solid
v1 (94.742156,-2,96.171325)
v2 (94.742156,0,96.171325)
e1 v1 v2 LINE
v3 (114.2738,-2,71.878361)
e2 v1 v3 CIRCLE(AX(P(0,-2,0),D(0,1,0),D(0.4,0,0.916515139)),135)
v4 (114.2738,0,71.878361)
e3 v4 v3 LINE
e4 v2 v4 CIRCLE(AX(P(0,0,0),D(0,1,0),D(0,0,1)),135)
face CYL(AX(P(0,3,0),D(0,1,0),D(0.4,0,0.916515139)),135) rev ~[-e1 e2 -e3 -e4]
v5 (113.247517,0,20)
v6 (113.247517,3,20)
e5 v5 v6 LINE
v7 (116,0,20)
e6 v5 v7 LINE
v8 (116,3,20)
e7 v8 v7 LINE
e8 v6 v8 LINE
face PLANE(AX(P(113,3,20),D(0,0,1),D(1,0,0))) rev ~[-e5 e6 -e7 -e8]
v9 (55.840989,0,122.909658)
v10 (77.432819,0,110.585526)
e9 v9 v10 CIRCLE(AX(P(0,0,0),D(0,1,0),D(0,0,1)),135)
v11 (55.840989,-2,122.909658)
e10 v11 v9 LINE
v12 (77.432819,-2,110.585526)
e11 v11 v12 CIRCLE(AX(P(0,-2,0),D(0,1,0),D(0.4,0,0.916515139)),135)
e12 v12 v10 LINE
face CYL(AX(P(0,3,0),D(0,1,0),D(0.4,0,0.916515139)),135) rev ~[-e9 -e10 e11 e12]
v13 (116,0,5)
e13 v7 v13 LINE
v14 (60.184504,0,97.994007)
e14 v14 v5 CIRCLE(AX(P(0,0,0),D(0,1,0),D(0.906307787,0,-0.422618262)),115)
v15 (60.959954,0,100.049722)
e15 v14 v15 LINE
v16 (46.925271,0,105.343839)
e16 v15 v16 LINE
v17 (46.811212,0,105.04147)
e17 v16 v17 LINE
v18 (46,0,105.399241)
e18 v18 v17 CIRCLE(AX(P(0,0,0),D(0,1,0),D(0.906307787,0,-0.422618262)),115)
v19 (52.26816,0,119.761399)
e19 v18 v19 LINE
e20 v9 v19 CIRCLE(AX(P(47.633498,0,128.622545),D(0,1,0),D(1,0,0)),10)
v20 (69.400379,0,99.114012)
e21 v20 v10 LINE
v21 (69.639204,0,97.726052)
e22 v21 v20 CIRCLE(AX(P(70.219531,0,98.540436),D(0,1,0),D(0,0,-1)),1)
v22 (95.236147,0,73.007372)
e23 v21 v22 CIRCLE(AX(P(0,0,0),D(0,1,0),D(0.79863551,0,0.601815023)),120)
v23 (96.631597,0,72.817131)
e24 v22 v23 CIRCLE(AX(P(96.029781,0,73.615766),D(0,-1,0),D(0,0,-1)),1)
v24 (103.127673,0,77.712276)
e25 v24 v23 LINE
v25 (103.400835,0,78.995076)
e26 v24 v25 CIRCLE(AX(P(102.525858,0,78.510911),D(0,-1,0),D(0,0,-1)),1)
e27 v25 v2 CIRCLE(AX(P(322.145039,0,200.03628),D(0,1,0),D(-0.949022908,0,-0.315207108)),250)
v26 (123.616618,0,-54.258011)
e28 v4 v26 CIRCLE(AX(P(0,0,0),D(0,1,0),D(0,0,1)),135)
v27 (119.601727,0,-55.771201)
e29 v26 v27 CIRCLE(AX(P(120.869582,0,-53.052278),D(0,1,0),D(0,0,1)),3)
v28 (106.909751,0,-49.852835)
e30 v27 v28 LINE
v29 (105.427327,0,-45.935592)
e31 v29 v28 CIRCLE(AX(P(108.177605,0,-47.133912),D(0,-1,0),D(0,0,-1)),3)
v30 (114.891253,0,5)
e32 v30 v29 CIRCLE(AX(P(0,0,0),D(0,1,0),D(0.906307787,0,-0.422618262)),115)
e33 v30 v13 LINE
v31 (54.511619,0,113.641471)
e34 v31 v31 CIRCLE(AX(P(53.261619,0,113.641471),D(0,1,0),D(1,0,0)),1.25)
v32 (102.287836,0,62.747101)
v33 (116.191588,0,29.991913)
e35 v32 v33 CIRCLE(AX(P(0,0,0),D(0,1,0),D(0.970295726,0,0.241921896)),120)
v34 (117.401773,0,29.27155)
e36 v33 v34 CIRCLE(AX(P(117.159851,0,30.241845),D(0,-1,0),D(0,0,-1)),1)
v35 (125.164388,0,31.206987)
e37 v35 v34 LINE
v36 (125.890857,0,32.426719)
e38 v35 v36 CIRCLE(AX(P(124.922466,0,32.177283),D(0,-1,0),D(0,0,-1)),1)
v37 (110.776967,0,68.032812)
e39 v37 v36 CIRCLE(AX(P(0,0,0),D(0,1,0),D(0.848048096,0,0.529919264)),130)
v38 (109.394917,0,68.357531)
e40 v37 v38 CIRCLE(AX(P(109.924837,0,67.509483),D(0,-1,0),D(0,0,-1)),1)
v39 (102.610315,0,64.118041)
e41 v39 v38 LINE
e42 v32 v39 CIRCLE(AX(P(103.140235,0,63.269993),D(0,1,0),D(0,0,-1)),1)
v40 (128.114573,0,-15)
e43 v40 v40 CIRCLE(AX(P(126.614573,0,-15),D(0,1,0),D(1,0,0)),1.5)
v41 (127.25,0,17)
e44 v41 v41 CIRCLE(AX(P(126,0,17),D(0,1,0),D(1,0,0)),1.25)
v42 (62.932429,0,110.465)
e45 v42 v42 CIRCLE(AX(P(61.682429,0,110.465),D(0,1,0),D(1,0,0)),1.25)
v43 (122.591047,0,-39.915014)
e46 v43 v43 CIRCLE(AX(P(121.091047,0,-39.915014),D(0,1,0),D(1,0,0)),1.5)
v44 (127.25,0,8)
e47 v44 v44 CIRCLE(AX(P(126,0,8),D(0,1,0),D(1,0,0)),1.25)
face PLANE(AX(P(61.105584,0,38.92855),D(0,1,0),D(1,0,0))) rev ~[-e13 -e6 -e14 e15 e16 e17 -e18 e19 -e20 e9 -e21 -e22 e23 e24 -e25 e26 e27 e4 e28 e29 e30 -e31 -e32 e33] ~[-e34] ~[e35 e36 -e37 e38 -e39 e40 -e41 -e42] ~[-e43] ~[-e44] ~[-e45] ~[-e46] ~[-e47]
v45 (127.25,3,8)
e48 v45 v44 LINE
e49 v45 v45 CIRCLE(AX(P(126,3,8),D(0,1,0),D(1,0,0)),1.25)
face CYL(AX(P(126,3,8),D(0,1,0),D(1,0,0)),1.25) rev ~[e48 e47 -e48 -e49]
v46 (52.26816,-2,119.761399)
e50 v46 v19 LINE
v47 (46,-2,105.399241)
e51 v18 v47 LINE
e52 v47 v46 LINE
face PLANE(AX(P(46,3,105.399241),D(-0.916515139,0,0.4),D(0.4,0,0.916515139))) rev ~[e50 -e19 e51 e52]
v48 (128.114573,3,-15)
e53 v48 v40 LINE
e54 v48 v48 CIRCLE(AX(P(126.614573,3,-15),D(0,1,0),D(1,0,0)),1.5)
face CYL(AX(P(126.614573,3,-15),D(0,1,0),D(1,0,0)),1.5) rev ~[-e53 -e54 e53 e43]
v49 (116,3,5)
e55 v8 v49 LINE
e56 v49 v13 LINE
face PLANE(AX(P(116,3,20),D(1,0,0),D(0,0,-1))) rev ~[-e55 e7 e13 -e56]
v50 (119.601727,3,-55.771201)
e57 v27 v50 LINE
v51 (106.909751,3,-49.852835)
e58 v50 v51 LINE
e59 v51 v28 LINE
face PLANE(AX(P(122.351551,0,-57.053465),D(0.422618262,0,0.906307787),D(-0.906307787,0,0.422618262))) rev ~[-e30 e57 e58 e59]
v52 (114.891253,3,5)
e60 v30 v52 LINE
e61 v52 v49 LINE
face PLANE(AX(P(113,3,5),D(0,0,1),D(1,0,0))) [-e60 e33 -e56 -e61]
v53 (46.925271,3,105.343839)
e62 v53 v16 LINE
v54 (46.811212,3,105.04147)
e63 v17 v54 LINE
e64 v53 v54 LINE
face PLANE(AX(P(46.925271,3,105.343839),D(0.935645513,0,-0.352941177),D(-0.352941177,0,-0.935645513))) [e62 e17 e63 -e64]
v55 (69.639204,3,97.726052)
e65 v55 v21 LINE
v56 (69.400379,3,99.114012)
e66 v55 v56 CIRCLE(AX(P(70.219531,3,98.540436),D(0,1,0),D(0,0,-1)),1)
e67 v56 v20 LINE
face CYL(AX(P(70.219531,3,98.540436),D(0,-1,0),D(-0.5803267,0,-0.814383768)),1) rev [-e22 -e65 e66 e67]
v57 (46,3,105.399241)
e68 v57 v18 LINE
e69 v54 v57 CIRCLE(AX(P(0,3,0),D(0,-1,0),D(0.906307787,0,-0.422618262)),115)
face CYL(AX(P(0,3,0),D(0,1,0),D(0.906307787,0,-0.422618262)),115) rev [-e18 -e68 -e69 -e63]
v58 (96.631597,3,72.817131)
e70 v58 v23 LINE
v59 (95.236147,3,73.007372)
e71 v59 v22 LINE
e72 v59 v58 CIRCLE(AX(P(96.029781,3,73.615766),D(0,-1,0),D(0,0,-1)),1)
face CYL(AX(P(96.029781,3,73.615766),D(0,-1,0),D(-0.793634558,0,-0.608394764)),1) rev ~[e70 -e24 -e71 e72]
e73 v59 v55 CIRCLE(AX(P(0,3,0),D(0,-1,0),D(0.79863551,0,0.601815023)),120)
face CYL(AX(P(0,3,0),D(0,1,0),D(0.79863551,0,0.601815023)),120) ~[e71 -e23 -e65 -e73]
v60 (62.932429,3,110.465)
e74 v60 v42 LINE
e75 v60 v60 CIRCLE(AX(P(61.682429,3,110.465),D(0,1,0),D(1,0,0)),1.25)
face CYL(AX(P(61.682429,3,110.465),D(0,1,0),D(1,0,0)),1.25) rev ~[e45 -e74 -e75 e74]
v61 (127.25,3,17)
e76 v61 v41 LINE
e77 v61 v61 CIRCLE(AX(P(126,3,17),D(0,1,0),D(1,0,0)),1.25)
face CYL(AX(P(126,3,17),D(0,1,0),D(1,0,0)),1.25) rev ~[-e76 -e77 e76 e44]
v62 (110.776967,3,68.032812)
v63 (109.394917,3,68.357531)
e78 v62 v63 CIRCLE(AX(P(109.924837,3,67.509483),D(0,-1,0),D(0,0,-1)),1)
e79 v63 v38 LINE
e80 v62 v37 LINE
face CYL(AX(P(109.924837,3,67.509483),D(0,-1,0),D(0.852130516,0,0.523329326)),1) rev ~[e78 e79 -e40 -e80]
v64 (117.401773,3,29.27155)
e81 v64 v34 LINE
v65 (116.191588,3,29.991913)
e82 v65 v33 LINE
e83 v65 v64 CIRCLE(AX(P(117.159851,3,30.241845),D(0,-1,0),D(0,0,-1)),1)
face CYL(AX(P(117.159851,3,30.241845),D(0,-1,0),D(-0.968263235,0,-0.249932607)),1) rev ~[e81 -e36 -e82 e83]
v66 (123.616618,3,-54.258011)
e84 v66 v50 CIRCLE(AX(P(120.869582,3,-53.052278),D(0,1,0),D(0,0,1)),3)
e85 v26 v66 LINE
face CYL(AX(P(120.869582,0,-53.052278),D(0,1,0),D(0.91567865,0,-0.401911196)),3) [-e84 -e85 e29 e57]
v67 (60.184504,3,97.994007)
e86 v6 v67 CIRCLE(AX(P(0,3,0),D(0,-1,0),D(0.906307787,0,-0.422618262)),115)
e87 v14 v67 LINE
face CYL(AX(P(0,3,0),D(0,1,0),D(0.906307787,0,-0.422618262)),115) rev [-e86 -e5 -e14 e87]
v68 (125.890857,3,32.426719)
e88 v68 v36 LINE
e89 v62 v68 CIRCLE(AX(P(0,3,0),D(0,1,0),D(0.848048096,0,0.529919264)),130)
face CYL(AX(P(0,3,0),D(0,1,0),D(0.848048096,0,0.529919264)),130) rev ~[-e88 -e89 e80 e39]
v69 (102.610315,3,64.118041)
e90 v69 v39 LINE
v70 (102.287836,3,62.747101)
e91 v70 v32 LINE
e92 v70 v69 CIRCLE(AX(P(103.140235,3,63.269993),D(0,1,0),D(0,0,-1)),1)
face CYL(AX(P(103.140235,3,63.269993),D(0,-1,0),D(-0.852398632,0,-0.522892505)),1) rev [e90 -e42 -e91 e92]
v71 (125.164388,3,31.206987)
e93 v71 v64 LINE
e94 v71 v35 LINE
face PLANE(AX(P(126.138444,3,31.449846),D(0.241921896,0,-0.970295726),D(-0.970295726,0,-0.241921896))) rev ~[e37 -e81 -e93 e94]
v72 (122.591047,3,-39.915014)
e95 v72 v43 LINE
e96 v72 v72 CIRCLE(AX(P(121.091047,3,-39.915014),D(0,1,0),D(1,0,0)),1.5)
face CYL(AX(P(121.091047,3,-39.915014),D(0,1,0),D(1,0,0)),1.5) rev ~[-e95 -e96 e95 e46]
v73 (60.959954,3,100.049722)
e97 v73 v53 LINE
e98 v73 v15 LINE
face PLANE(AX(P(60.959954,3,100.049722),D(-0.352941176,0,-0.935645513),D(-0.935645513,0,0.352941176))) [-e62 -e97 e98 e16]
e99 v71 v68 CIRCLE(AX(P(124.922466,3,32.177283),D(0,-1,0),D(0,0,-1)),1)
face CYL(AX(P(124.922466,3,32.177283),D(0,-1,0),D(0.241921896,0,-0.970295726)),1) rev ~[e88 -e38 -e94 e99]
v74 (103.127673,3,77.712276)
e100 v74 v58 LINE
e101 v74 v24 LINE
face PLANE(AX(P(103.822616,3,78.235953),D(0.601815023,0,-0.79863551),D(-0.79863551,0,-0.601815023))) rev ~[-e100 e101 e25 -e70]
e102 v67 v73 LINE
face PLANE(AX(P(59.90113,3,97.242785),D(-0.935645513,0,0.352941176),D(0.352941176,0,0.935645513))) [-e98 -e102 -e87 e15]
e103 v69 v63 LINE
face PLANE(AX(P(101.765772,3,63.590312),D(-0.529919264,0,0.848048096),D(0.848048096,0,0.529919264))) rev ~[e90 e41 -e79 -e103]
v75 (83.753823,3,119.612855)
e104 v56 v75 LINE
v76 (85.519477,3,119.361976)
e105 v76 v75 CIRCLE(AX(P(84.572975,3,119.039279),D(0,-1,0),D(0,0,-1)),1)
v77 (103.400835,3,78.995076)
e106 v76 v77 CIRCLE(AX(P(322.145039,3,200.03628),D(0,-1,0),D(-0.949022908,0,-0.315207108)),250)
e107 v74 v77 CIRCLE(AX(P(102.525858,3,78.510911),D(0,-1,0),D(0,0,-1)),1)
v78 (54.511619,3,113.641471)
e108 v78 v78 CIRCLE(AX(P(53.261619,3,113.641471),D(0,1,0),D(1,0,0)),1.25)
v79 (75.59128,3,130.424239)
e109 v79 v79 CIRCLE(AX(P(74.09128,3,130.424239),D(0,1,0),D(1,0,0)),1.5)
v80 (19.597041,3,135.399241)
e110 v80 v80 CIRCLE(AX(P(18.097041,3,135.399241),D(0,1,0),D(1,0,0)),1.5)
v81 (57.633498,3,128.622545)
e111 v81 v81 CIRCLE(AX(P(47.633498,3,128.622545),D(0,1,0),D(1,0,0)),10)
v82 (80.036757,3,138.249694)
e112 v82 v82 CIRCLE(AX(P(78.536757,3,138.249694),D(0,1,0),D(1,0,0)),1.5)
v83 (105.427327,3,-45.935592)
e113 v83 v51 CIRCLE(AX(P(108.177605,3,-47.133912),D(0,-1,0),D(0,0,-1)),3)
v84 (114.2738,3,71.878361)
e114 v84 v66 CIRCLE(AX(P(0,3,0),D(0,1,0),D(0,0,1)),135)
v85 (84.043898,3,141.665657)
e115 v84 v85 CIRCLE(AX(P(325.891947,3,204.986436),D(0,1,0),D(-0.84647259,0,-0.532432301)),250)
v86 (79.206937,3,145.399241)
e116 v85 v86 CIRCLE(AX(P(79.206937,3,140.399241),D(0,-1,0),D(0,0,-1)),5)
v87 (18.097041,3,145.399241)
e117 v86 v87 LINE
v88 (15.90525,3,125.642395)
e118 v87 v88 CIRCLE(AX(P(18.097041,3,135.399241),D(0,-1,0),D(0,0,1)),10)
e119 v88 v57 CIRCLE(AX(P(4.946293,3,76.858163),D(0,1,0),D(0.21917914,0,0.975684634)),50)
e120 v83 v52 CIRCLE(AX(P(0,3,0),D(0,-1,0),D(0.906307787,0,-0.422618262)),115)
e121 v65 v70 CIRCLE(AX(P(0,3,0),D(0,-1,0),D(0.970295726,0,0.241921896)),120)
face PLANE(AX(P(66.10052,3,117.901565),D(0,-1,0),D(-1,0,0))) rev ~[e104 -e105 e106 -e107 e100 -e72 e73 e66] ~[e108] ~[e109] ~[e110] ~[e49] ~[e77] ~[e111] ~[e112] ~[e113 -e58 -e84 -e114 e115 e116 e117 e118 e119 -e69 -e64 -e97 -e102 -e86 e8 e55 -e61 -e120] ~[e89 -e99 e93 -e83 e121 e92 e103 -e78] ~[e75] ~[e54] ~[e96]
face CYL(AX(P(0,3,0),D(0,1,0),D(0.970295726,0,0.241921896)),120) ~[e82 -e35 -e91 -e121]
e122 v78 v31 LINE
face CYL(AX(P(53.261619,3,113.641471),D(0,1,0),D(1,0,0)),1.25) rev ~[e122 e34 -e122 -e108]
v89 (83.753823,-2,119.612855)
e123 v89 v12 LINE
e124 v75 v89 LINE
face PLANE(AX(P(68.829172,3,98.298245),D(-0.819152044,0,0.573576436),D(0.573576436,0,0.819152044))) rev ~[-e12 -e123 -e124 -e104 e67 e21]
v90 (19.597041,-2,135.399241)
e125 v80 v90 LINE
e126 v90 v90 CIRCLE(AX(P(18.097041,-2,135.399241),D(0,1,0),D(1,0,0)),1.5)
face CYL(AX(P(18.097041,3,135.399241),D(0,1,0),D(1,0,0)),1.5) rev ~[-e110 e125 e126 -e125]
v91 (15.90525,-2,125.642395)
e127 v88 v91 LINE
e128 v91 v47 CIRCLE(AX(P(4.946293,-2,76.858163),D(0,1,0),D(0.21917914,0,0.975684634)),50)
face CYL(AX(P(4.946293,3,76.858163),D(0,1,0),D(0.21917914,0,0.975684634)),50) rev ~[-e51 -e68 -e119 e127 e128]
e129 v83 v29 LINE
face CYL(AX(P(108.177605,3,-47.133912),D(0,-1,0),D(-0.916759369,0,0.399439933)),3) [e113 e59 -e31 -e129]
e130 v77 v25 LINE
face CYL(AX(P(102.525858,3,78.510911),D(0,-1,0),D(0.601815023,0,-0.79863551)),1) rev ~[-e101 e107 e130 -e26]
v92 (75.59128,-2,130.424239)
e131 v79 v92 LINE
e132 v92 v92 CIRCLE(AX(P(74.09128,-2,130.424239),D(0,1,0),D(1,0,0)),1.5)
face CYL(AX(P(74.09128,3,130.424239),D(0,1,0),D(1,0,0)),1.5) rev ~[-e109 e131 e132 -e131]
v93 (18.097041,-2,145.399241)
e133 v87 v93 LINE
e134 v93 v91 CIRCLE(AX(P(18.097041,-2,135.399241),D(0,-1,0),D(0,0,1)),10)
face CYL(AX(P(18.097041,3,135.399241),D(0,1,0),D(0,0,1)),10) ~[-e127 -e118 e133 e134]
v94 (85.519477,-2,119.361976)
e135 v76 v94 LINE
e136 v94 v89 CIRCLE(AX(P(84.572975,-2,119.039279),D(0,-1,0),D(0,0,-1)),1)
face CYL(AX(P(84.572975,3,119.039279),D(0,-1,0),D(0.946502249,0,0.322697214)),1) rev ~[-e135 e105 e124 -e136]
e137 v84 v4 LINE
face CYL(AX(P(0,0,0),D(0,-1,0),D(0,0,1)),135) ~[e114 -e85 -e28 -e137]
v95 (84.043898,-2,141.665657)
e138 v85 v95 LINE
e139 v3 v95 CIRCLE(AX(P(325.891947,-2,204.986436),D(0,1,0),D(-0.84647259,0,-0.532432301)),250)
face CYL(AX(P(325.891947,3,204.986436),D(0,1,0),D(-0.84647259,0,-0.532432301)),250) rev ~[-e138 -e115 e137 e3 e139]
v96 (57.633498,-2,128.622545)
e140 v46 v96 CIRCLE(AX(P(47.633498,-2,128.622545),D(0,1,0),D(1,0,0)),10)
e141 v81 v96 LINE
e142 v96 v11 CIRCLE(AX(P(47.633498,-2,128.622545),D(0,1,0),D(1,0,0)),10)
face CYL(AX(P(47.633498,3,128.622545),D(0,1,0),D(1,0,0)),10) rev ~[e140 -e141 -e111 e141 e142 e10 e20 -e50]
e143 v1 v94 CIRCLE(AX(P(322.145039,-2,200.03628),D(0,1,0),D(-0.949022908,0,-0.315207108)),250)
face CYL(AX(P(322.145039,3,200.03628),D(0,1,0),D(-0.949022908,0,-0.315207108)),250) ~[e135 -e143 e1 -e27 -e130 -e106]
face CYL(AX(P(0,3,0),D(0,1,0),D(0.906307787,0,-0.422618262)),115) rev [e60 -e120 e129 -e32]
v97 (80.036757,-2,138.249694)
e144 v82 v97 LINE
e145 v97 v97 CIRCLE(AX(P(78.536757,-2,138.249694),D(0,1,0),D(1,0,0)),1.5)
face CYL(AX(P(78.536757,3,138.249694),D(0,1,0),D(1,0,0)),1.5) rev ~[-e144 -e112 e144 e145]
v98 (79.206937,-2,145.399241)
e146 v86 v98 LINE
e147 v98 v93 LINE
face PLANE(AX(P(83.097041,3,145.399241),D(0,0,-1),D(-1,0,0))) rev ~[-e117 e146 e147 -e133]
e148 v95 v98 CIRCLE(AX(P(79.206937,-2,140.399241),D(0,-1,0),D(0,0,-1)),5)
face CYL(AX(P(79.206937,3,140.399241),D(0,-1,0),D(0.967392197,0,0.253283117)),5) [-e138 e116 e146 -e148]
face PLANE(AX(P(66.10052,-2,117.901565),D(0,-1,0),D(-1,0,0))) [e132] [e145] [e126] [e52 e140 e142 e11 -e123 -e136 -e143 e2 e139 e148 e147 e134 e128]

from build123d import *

# Parameters (mm, degrees)
EXTRUDE_1_DEPTH     = 3
CUT_EXTRUDE_1_DEPTH = 5
EXTRUDE_2_DEPTH     = 5
SKETCH_4_R          = 1.25
SKETCH_4_R_2        = 1.5
SKETCH_4_W          = 3
SKETCH_4_H          = 15
CUT_EXTRUDE_2_DEPTH = 5
FILLET_1_R          = 3
FILLET_2_R          = 5
SKETCH_5_R          = 10
SKETCH_5_R_2        = 1.5
CUT_EXTRUDE_3_DEPTH = 10
FILLET_3_R          = 1


with BuildPart() as part:
    # 草图1 → 凸台-拉伸1 (new body)
    with BuildSketch(Plane(origin=(0, 0, 0), x_dir=(1, 0, 0), z_dir=(0, 1, 0))):
        with BuildLine():
            Line((0, 0), (0, -135))
            ThreePointArc((0, -135), (113.857845185, -72.535447127), (122.35155125, 57.053465335))
            Line((122.35155125, 57.053465335), (0, 0))
        make_face()
    extrude(amount=EXTRUDE_1_DEPTH)

    # 草图2 → 切除-拉伸1 (cut)
    with BuildSketch(Plane(origin=(0, 3, 0), x_dir=(1, 0, 0), z_dir=(0, 1, 0))):
        with BuildLine():
            Line((0, 0), (104.225395509, 48.6011001))
            ThreePointArc((104.225395509, 48.6011001), (107.568320743, -40.670091868), (46, -105.399240984))
            Line((46, -105.399240984), (54, -123.729543764))
            ThreePointArc((54, -123.729543764), (27.581801898, -132.152352246), (0, -135))
            Line((0, -135), (0, 0))
        make_face()
    extrude(amount=-CUT_EXTRUDE_1_DEPTH, mode=Mode.SUBTRACT)

    # 草图3 → 凸台-拉伸2 (add)
    with BuildSketch(Plane(origin=(0, 3, 0), x_dir=(1, 0, 0), z_dir=(0, 1, 0))):
        with BuildLine():
            Line((46, -105.399240984), (54, -123.729543764))
            ThreePointArc((54, -123.729543764), (88.040639509, -102.341808636), (114.273799591, -71.878360632))
            ThreePointArc((114.273799591, -71.878360632), (95.730838943, -107.385901313), (83.09704134, -145.399240984))
            Line((83.09704134, -145.399240984), (18.09704134, -145.399240984))
            ThreePointArc((18.09704134, -145.399240984), (8.158015649, -136.501859828), (15.905249936, -125.642394647))
            ThreePointArc((15.905249936, -125.642394647), (32.852844555, -118.345804202), (46, -105.399240984))
        make_face()
    extrude(amount=-EXTRUDE_2_DEPTH)

    # 草图4 → 切除-拉伸2 (cut)
    with BuildSketch(Plane(origin=(0, 3, 0), x_dir=(1, 0, 0), z_dir=(0, 1, 0))):
        with Locations((126, -8)):
            Circle(SKETCH_4_R)
        with Locations((126, -17)):
            Circle(SKETCH_4_R)
        with Locations((18.09704134, -135.399240984)):
            Circle(SKETCH_4_R_2)
        with Locations((53.261619346, -113.641470943)):
            Circle(SKETCH_4_R)
        with Locations((61.682428963, -110.465000355)):
            Circle(SKETCH_4_R)
        with Locations((121.091047045, 39.915013787)):
            Circle(SKETCH_4_R_2)
        with Locations((126.614572621, 15)):
            Circle(SKETCH_4_R_2)
        Polygon((59.901130208, -97.242785157), (60.959953737, -100.049721696), (46.925271043, -105.343839343), (45.866447513, -102.536902804), align=None)
        with Locations((114.5, -12.5)):
            Rectangle(SKETCH_4_W, SKETCH_4_H)
    extrude(amount=-CUT_EXTRUDE_2_DEPTH, mode=Mode.SUBTRACT)

    # 圆角1
    fillet_1_edges = [part.edges().sort_by_distance(p)[0] for p in [
        (104.225395509, 1.5, -48.6011001),
        (122.35155125, 1.5, -57.053465335),
    ]]
    fillet(fillet_1_edges, radius=FILLET_1_R)

    # 圆角2
    fillet_2_edges = [part.edges().sort_by_distance(p)[0] for p in [
        (83.09704134, 0.5, 145.399240984),
    ]]
    fillet(fillet_2_edges, radius=FILLET_2_R)

    # 草图5 → 切除-拉伸3 (cut)
    with BuildSketch(Plane(origin=(0, 3, 0), x_dir=(1, 0, 0), z_dir=(0, 1, 0))):
        with Locations((47.633497714, -128.622545035)):
            Circle(SKETCH_5_R)
        with Locations((78.536756787, -138.249693791)):
            Circle(SKETCH_5_R_2)
        with Locations((74.091279988, -130.424239426)):
            Circle(SKETCH_5_R_2)
        with BuildLine():
            Line((68.829172362, -98.298245315), (84.88931258, -121.234502555))
            ThreePointArc((84.88931258, -121.234502555), (93.343637557, -99.289475714), (103.822616306, -78.23595301))
            Line((103.822616306, -78.23595301), (95.836261206, -72.217802778))
            ThreePointArc((95.836261206, -72.217802778), (83.359004455, -86.320776041), (68.829172362, -98.298245315))
        make_face()
        with BuildLine():
            Line((101.765771539, -63.590311708), (110.2462525, -68.88950435))
            ThreePointArc((110.2462525, -68.88950435), (119.665630949, -50.795046704), (126.138444416, -31.449846428))
            Line((126.138444416, -31.449846428), (116.435487153, -29.030627472))
            ThreePointArc((116.435487153, -29.030627472), (110.460582414, -46.887735419), (101.765771539, -63.590311708))
        make_face()
    extrude(amount=-CUT_EXTRUDE_3_DEPTH, mode=Mode.SUBTRACT)

    # 圆角3
    fillet_3_edges = [part.edges().sort_by_distance(p)[0] for p in [
        (101.765771539, 1.5, 63.590311708),
        (116.435487153, 1.5, 29.030627472),
        (126.138444416, 1.5, 31.449846428),
        (110.2462525, 1.5, 68.88950435),
        (68.829172362, 1.5, 98.298245315),
        (95.836261206, 1.5, 72.217802778),
        (103.822616306, 1.5, 78.23595301),
        (84.88931258, 0.5, 121.234502555),
    ]]
    fillet(fillet_3_edges, radius=FILLET_3_R)


solid = part.part
